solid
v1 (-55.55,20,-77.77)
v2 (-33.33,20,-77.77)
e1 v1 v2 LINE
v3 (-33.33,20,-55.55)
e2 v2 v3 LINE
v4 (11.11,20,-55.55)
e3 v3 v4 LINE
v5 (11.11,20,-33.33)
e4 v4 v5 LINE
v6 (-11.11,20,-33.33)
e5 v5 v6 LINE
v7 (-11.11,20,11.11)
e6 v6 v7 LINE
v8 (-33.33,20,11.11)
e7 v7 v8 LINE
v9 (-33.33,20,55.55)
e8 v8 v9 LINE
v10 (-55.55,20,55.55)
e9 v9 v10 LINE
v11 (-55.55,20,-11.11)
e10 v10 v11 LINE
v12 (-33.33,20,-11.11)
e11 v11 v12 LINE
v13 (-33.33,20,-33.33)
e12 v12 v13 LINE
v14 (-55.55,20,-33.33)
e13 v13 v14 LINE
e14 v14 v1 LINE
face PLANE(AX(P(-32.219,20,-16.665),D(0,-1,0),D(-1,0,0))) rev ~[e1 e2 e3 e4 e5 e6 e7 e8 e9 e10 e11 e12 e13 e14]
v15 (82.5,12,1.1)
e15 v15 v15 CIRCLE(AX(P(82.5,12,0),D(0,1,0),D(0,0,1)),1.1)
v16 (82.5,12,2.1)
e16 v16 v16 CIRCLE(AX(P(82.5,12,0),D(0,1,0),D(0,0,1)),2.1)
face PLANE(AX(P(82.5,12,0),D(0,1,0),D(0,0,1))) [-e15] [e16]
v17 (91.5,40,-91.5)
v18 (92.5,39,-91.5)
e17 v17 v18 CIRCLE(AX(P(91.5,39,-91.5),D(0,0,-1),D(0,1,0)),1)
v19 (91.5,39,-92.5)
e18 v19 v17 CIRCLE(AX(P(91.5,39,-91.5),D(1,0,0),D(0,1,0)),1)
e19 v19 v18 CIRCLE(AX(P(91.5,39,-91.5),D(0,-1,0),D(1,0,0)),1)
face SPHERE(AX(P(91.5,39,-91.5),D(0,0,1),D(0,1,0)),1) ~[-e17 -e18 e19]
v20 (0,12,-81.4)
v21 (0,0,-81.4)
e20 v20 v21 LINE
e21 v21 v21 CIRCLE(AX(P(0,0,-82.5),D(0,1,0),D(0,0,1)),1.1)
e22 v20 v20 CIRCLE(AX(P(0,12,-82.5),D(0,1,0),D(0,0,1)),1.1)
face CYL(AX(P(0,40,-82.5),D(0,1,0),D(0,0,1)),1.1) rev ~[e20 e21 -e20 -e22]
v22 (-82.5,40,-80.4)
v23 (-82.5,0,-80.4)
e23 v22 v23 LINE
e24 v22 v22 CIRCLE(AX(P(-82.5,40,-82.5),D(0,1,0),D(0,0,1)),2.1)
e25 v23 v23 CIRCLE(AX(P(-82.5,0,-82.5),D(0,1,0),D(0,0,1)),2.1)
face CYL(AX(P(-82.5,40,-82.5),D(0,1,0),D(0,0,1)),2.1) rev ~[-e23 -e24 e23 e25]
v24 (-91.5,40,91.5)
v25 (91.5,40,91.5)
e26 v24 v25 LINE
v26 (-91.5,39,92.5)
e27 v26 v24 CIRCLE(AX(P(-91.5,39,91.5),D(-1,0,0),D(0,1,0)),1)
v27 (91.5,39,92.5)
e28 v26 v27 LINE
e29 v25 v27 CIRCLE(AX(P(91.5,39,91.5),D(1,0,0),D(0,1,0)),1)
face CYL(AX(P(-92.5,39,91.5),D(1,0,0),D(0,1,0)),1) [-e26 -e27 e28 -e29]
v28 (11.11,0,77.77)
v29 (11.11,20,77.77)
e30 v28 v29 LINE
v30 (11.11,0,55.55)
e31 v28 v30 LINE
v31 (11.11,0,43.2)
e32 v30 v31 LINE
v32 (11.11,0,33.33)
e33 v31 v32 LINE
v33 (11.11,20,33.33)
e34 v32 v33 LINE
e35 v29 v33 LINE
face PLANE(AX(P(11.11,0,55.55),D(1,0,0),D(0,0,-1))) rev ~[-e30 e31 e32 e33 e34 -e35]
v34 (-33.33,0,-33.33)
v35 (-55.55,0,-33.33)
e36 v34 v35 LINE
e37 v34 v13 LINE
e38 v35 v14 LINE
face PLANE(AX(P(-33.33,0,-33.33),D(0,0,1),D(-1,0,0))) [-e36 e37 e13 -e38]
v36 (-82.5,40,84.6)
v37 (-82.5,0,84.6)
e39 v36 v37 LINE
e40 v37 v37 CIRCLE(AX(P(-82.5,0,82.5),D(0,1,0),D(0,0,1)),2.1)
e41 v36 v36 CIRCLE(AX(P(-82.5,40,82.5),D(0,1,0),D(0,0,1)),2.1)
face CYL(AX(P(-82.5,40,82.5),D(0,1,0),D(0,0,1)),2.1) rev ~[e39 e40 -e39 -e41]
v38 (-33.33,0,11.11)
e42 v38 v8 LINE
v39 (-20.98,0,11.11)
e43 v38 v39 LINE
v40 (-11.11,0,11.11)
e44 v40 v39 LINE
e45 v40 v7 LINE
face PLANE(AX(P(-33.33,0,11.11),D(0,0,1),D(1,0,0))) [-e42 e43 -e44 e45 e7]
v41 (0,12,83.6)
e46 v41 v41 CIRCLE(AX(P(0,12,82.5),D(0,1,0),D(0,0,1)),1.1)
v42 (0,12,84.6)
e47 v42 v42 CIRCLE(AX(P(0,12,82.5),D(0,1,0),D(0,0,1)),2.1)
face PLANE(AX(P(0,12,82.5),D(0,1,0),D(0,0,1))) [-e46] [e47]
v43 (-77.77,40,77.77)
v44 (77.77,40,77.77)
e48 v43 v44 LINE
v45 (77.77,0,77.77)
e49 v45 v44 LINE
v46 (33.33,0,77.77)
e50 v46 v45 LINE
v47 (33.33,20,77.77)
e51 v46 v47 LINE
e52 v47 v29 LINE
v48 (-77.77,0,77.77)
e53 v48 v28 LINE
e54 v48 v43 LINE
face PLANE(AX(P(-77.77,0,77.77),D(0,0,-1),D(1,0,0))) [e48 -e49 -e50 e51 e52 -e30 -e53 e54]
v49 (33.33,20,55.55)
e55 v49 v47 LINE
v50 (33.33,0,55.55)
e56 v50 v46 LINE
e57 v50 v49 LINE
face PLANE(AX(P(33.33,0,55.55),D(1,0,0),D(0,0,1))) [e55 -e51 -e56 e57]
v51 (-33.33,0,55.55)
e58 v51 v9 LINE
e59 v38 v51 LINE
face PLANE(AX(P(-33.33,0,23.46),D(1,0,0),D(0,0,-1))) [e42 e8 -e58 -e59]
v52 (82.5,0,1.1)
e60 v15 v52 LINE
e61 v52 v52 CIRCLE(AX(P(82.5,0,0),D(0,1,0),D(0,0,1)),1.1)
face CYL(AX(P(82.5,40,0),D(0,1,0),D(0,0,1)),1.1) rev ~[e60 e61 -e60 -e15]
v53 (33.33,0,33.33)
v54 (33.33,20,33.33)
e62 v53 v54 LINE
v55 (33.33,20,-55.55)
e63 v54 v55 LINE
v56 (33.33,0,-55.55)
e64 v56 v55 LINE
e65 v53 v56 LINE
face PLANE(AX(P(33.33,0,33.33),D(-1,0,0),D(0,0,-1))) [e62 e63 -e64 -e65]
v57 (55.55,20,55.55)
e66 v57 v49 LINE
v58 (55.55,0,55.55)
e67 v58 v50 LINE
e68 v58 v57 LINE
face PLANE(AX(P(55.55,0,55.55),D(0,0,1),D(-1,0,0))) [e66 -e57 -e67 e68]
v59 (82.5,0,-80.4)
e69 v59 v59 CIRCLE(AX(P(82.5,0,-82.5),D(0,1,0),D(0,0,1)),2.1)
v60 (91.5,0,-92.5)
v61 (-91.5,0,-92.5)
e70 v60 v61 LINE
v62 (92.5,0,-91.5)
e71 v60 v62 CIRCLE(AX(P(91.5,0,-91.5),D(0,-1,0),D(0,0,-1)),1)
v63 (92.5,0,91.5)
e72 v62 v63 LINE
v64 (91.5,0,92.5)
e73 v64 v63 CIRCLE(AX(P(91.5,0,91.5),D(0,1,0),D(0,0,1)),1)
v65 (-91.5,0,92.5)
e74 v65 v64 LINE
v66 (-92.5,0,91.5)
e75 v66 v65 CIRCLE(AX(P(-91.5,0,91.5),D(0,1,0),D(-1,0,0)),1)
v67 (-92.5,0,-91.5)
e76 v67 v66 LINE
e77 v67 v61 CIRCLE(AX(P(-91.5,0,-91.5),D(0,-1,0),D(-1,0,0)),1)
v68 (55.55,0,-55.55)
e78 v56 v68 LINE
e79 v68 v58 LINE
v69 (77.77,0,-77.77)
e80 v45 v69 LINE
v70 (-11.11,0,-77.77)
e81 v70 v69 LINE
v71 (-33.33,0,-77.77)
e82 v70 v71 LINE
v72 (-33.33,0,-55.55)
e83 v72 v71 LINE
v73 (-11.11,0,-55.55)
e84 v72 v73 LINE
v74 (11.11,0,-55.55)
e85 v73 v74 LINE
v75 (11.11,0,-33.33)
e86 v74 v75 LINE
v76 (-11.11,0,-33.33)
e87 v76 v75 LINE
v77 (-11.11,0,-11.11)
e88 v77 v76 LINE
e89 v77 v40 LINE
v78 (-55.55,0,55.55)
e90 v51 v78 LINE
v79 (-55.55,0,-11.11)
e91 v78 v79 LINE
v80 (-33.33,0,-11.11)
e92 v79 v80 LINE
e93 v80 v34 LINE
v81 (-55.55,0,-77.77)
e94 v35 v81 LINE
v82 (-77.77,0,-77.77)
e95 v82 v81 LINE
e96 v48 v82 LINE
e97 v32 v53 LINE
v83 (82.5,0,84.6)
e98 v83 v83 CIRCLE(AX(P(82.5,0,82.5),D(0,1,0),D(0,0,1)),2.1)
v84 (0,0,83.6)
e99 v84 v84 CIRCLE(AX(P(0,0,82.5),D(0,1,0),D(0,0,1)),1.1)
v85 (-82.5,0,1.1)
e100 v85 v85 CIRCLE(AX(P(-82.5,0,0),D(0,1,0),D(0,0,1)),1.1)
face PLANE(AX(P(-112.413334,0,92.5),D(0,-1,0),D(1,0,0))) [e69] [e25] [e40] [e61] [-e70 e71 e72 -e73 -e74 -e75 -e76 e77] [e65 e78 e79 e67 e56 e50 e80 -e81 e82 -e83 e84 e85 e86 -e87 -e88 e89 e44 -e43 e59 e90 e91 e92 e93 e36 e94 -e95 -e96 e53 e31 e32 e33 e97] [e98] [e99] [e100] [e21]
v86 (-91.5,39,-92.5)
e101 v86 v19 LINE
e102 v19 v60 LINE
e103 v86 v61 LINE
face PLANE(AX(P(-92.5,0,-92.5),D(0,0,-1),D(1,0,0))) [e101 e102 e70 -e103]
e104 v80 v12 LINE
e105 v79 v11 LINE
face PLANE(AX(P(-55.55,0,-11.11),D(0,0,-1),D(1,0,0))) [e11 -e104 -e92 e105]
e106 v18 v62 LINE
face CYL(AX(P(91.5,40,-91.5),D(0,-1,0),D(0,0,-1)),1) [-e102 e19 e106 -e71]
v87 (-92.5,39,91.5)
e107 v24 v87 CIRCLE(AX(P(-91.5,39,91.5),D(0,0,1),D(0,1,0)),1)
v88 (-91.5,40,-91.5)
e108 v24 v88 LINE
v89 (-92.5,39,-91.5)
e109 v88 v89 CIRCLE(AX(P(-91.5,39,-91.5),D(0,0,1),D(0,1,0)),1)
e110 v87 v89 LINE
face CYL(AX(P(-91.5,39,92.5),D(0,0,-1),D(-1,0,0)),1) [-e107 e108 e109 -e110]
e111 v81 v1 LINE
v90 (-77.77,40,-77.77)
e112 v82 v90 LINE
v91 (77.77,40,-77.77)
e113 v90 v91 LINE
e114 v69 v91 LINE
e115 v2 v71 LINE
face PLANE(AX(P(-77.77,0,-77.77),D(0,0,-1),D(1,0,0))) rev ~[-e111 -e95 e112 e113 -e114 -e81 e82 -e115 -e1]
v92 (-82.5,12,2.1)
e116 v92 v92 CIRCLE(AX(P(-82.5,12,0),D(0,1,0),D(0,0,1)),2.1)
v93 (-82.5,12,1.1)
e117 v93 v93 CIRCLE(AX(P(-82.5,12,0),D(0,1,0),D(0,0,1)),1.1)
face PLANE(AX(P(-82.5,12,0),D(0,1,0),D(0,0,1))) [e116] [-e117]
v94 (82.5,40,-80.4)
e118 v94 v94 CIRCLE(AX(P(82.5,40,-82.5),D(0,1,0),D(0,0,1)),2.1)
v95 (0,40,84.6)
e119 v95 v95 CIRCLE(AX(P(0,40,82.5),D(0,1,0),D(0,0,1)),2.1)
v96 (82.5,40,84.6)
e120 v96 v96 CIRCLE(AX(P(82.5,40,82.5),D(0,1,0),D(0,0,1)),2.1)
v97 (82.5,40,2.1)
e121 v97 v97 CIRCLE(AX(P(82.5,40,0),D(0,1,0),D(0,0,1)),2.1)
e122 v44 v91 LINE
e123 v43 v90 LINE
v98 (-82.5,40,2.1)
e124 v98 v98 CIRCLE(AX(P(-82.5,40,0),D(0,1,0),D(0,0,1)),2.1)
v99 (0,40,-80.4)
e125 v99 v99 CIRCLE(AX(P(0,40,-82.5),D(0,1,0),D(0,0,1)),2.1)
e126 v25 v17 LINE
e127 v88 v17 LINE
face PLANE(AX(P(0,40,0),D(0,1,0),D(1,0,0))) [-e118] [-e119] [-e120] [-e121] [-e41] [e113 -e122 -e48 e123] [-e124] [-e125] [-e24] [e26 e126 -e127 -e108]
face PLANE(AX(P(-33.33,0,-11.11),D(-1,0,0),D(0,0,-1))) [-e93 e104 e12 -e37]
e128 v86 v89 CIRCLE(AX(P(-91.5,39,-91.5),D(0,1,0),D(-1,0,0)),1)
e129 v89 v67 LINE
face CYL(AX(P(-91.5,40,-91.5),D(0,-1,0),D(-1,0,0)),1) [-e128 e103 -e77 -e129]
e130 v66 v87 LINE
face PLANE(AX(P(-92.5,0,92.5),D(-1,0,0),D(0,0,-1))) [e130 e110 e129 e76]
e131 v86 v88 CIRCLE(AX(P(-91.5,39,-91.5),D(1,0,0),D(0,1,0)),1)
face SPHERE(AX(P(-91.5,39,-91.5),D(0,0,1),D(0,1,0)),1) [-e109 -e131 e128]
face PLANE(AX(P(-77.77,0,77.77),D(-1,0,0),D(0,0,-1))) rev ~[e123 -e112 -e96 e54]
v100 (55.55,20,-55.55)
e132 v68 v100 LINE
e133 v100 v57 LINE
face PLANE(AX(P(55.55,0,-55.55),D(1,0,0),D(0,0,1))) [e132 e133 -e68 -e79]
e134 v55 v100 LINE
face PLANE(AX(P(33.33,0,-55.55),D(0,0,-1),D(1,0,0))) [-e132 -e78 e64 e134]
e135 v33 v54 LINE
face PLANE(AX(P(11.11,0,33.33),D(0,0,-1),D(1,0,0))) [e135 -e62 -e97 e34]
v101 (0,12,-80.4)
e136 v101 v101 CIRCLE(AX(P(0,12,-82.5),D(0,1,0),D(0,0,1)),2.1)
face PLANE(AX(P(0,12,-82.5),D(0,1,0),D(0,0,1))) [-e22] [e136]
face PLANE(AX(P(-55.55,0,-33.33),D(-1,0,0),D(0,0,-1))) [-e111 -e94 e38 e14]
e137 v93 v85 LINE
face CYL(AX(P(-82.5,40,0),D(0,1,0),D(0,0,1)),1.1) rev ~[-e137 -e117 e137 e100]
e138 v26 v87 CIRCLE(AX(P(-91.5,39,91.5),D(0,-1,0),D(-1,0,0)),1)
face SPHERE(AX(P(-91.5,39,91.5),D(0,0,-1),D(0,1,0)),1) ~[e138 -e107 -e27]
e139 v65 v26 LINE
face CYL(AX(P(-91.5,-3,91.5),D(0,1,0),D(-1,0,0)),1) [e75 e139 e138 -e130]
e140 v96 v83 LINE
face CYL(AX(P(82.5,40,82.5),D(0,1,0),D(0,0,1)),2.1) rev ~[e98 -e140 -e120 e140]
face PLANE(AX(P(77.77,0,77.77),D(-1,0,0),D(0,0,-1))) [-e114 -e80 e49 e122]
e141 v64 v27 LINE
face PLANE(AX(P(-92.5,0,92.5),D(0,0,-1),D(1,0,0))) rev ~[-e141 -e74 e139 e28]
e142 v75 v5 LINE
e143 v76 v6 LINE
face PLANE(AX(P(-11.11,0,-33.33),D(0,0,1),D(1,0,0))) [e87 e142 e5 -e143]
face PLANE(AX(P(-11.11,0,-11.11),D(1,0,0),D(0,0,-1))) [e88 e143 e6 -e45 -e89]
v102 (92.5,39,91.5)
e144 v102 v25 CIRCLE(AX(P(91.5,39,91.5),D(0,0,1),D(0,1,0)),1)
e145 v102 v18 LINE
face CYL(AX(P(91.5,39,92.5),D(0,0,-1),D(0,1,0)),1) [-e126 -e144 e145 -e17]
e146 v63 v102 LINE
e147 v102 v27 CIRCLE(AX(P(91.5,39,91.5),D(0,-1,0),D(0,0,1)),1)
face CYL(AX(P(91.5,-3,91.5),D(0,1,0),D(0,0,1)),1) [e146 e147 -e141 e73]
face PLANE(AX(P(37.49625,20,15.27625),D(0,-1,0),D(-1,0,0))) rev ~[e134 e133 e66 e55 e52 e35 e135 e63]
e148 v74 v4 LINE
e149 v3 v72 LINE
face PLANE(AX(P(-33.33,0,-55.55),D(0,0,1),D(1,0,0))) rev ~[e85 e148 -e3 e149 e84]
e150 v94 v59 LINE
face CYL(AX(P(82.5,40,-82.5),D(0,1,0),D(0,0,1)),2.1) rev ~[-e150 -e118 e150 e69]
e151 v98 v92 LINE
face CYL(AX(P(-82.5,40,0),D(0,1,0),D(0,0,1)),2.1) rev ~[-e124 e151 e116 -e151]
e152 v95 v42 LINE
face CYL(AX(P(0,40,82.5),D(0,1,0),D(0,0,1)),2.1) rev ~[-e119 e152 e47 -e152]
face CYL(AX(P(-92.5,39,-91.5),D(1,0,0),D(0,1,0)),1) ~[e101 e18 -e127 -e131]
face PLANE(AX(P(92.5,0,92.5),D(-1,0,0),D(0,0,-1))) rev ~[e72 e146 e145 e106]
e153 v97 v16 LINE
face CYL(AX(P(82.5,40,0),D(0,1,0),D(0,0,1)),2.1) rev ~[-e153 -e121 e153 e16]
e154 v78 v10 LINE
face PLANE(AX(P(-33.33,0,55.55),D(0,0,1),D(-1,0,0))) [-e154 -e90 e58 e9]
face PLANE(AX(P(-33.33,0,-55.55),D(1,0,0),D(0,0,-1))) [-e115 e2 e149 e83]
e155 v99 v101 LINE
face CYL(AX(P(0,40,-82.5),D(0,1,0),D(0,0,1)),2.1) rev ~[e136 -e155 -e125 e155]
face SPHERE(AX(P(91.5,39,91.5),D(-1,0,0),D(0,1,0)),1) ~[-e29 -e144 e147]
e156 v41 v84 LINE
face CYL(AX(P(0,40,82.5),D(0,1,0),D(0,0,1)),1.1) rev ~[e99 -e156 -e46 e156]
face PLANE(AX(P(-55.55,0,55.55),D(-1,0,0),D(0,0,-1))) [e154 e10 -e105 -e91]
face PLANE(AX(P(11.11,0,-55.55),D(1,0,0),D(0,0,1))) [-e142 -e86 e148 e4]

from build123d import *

# Parameters (mm, degrees)
ESQUISSE2_W             = 185
ESQUISSE2_H             = 185
BOSS_EXTRU_1_DEPTH      = 3
ESQUISSE3_W             = 185
ESQUISSE3_H             = 185
ESQUISSE3_W_2           = 155.54
ESQUISSE3_H_2           = 155.54
BOSS_EXTRU_2_DEPTH      = 40
BOSS_EXTRU_3_DEPTH      = 20
ENL_V_MAT_EXTRU_1_REACH = 5
ESQUISSE5_W             = 22.22
ESQUISSE5_H             = 22.22
ESQUISSE5_W_2           = 12.35
ESQUISSE5_H_2           = 12.35
CONG_1_R                = 1
ESQUISSE6_R             = 1.1
ENL_V_MAT_EXTRU_2_DEPTH = 44
ESQUISSE7_R             = 2.1
ENL_V_MAT_EXTRU_3_DEPTH = 41
ESQUISSE8_W             = 226.485362767
ESQUISSE8_H             = 20.409473883
ENL_V_MAT_EXTRU_4_DEPTH = 186
ESQUISSE9_R             = 2.1
ENL_V_MAT_EXTRU_5_DEPTH = 28


with BuildPart() as part:
    # Esquisse2 → Boss.-Extru.1 (new body)
    with BuildSketch(Plane(origin=(0, 0, 0), x_dir=(1, 0, 0), z_dir=(0, 1, 0))):
        Rectangle(ESQUISSE2_W, ESQUISSE2_H)
    extrude(amount=-BOSS_EXTRU_1_DEPTH)

    # Esquisse3 → Boss.-Extru.2 (add)
    with BuildSketch(Plane(origin=(0, 0, 0), x_dir=(1, 0, 0), z_dir=(0, 1, 0))):
        Rectangle(ESQUISSE3_W, ESQUISSE3_H)
        Rectangle(ESQUISSE3_W_2, ESQUISSE3_H_2, mode=Mode.SUBTRACT)
    extrude(amount=BOSS_EXTRU_2_DEPTH)

    # Esquisse4 → Boss.-Extru.3 (add)
    with BuildSketch(Plane(origin=(0, 0, 0), x_dir=(1, 0, 0), z_dir=(0, 1, 0))):
        Polygon((-55.55, 77.77), (-33.33, 77.77), (-33.33, 55.55), (11.11, 55.55), (11.11, 33.33), (-11.11, 33.33), (-11.11, -11.11), (-33.33, -11.11), (-33.33, -55.55), (-55.55, -55.55), (-55.55, 11.11), (-33.33, 11.11), (-33.33, 33.33), (-55.55, 33.33), align=None)
        Polygon((33.33, 55.55), (55.55, 55.55), (55.55, -55.55), (33.33, -55.55), (33.33, -77.77), (11.11, -77.77), (11.11, -33.33), (33.33, -33.33), align=None)
    extrude(amount=BOSS_EXTRU_3_DEPTH)

    # Esquisse5 → Enlèv. mat.-Extru.1 (cut, up to next)
    with BuildSketch(Plane(origin=(0, 0, 0), x_dir=(1, 0, 0), z_dir=(0, 1, 0)), mode=Mode.PRIVATE) as enl_v_mat_extru_1_sk1:
        with Locations((-22.22, 66.66)):
            Rectangle(ESQUISSE5_W, ESQUISSE5_H)
    enl_v_mat_extru_1_tool1 = extrude(enl_v_mat_extru_1_sk1.sketch, amount=-ENL_V_MAT_EXTRU_1_REACH, mode=Mode.PRIVATE) & part.part
    add(enl_v_mat_extru_1_tool1.solids().sort_by_distance((-22.22, 0, -66.66))[0], mode=Mode.SUBTRACT)
    # Esquisse5 → Enlèv. mat.-Extru.1 (cut, up to next)
    with BuildSketch(Plane(origin=(0, 0, 0), x_dir=(1, 0, 0), z_dir=(0, 1, 0)), mode=Mode.PRIVATE) as enl_v_mat_extru_1_sk2:
        with Locations((0, 22.22)):
            Rectangle(ESQUISSE5_W, ESQUISSE5_H)
    enl_v_mat_extru_1_tool2 = extrude(enl_v_mat_extru_1_sk2.sketch, amount=-ENL_V_MAT_EXTRU_1_REACH, mode=Mode.PRIVATE) & part.part
    add(enl_v_mat_extru_1_tool2.solids().sort_by_distance((0, 0, -22.22))[0], mode=Mode.SUBTRACT)
    # Esquisse5 → Enlèv. mat.-Extru.1 (cut, up to next)
    with BuildSketch(Plane(origin=(0, 0, 0), x_dir=(1, 0, 0), z_dir=(0, 1, 0)), mode=Mode.PRIVATE) as enl_v_mat_extru_1_sk3:
        with Locations((-27.155, -17.285)):
            Rectangle(ESQUISSE5_W_2, ESQUISSE5_H_2)
    enl_v_mat_extru_1_tool3 = extrude(enl_v_mat_extru_1_sk3.sketch, amount=-ENL_V_MAT_EXTRU_1_REACH, mode=Mode.PRIVATE) & part.part
    add(enl_v_mat_extru_1_tool3.solids().sort_by_distance((-27.155, 0, 17.285))[0], mode=Mode.SUBTRACT)
    # Esquisse5 → Enlèv. mat.-Extru.1 (cut, up to next)
    with BuildSketch(Plane(origin=(0, 0, 0), x_dir=(1, 0, 0), z_dir=(0, 1, 0)), mode=Mode.PRIVATE) as enl_v_mat_extru_1_sk4:
        with Locations((-66.66, 22.22)):
            Rectangle(ESQUISSE5_W_2, ESQUISSE5_H_2)
    enl_v_mat_extru_1_tool4 = extrude(enl_v_mat_extru_1_sk4.sketch, amount=-ENL_V_MAT_EXTRU_1_REACH, mode=Mode.PRIVATE) & part.part
    add(enl_v_mat_extru_1_tool4.solids().sort_by_distance((-66.66, 0, -22.22))[0], mode=Mode.SUBTRACT)
    # Esquisse5 → Enlèv. mat.-Extru.1 (cut, up to next)
    with BuildSketch(Plane(origin=(0, 0, 0), x_dir=(1, 0, 0), z_dir=(0, 1, 0)), mode=Mode.PRIVATE) as enl_v_mat_extru_1_sk5:
        with Locations((-66.66, -66.66)):
            Rectangle(ESQUISSE5_W_2, ESQUISSE5_H_2)
    enl_v_mat_extru_1_tool5 = extrude(enl_v_mat_extru_1_sk5.sketch, amount=-ENL_V_MAT_EXTRU_1_REACH, mode=Mode.PRIVATE) & part.part
    add(enl_v_mat_extru_1_tool5.solids().sort_by_distance((-66.66, 0, 66.66))[0], mode=Mode.SUBTRACT)
    # Esquisse5 → Enlèv. mat.-Extru.1 (cut, up to next)
    with BuildSketch(Plane(origin=(0, 0, 0), x_dir=(1, 0, 0), z_dir=(0, 1, 0)), mode=Mode.PRIVATE) as enl_v_mat_extru_1_sk6:
        with Locations((66.66, -66.66)):
            Rectangle(ESQUISSE5_W_2, ESQUISSE5_H_2)
    enl_v_mat_extru_1_tool6 = extrude(enl_v_mat_extru_1_sk6.sketch, amount=-ENL_V_MAT_EXTRU_1_REACH, mode=Mode.PRIVATE) & part.part
    add(enl_v_mat_extru_1_tool6.solids().sort_by_distance((66.66, 0, 66.66))[0], mode=Mode.SUBTRACT)
    # Esquisse5 → Enlèv. mat.-Extru.1 (cut, up to next)
    with BuildSketch(Plane(origin=(0, 0, 0), x_dir=(1, 0, 0), z_dir=(0, 1, 0)), mode=Mode.PRIVATE) as enl_v_mat_extru_1_sk7:
        with Locations((4.935, -49.375)):
            Rectangle(ESQUISSE5_W_2, ESQUISSE5_H_2)
    enl_v_mat_extru_1_tool7 = extrude(enl_v_mat_extru_1_sk7.sketch, amount=-ENL_V_MAT_EXTRU_1_REACH, mode=Mode.PRIVATE) & part.part
    add(enl_v_mat_extru_1_tool7.solids().sort_by_distance((4.935, 0, 49.375))[0], mode=Mode.SUBTRACT)

    # Congé1
    cong_1_edges = [part.edges().sort_by_distance(p)[0] for p in [
        (-92.5, 40, 0),
        (0, 40, 92.5),
        (92.5, 40, 0),
        (0, 40, -92.5),
        (-92.5, 18.5, -92.5),
        (92.5, 18.5, -92.5),
        (92.5, 18.5, 92.5),
        (-92.5, 18.5, 92.5),
    ]]
    fillet(cong_1_edges, radius=CONG_1_R)

    # Esquisse6 → Enlèv. mat.-Extru.2 (cut, through all)
    with BuildSketch(Plane(origin=(0, 40, 0), x_dir=(1, 0, 0), z_dir=(0, 1, 0))):
        with Locations(Location((-82.5, -82.5, 0), (0, 0, 270))):  # turned: the seam where the file's is
            Circle(ESQUISSE6_R)
        with Locations(Location((82.5, -82.5, 0), (0, 0, 270))):  # turned: the seam where the file's is
            Circle(ESQUISSE6_R)
        with Locations(Location((82.5, 82.5, 0), (0, 0, 270))):  # turned: the seam where the file's is
            Circle(ESQUISSE6_R)
        with Locations(Location((-82.5, 82.5, 0), (0, 0, 270))):  # turned: the seam where the file's is
            Circle(ESQUISSE6_R)
        with Locations(Location((0, 82.5, 0), (0, 0, 270))):  # turned: the seam where the file's is
            Circle(ESQUISSE6_R)
        with Locations(Location((82.5, 0, 0), (0, 0, 270))):  # turned: the seam where the file's is
            Circle(ESQUISSE6_R)
        with Locations(Location((-82.5, 0, 0), (0, 0, 270))):  # turned: the seam where the file's is
            Circle(ESQUISSE6_R)
        with Locations(Location((0, -82.5, 0), (0, 0, 270))):  # turned: the seam where the file's is
            Circle(ESQUISSE6_R)
    extrude(amount=-ENL_V_MAT_EXTRU_2_DEPTH, mode=Mode.SUBTRACT)

    # Esquisse7 → Enlèv. mat.-Extru.3 (cut)
    with BuildSketch(Plane(origin=(0, 40, 0), x_dir=(1, 0, 0), z_dir=(0, 1, 0))):
        with Locations(Location((-82.5, -82.5, 0), (0, 0, 270))):  # turned: the seam where the file's is
            Circle(ESQUISSE7_R)
        with Locations(Location((-82.5, 82.5, 0), (0, 0, 270))):  # turned: the seam where the file's is
            Circle(ESQUISSE7_R)
        with Locations(Location((82.5, 82.5, 0), (0, 0, 270))):  # turned: the seam where the file's is
            Circle(ESQUISSE7_R)
        with Locations(Location((82.5, -82.5, 0), (0, 0, 270))):  # turned: the seam where the file's is
            Circle(ESQUISSE7_R)
    extrude(amount=-ENL_V_MAT_EXTRU_3_DEPTH, mode=Mode.SUBTRACT)

    # Esquisse8 → Enlèv. mat.-Extru.4 (cut, through all)
    with BuildSketch(Plane.XY.offset(92.5)):
        with Locations((0.829347629, -10.204736942)):
            Rectangle(ESQUISSE8_W, ESQUISSE8_H)
    extrude(amount=-ENL_V_MAT_EXTRU_4_DEPTH, mode=Mode.SUBTRACT)

    # Esquisse9 → Enlèv. mat.-Extru.5 (cut)
    with BuildSketch(Plane(origin=(0, 40, 0), x_dir=(1, 0, 0), z_dir=(0, 1, 0))):
        with Locations(Location((0, 82.5, 0), (0, 0, 270))):  # turned: the seam where the file's is
            Circle(ESQUISSE9_R)
        with Locations(Location((82.5, 0, 0), (0, 0, 270))):  # turned: the seam where the file's is
            Circle(ESQUISSE9_R)
        with Locations(Location((0, -82.5, 0), (0, 0, 270))):  # turned: the seam where the file's is
            Circle(ESQUISSE9_R)
        with Locations(Location((-82.5, 0, 0), (0, 0, 270))):  # turned: the seam where the file's is
            Circle(ESQUISSE9_R)
    extrude(amount=-ENL_V_MAT_EXTRU_5_DEPTH, mode=Mode.SUBTRACT)


solid = part.part
